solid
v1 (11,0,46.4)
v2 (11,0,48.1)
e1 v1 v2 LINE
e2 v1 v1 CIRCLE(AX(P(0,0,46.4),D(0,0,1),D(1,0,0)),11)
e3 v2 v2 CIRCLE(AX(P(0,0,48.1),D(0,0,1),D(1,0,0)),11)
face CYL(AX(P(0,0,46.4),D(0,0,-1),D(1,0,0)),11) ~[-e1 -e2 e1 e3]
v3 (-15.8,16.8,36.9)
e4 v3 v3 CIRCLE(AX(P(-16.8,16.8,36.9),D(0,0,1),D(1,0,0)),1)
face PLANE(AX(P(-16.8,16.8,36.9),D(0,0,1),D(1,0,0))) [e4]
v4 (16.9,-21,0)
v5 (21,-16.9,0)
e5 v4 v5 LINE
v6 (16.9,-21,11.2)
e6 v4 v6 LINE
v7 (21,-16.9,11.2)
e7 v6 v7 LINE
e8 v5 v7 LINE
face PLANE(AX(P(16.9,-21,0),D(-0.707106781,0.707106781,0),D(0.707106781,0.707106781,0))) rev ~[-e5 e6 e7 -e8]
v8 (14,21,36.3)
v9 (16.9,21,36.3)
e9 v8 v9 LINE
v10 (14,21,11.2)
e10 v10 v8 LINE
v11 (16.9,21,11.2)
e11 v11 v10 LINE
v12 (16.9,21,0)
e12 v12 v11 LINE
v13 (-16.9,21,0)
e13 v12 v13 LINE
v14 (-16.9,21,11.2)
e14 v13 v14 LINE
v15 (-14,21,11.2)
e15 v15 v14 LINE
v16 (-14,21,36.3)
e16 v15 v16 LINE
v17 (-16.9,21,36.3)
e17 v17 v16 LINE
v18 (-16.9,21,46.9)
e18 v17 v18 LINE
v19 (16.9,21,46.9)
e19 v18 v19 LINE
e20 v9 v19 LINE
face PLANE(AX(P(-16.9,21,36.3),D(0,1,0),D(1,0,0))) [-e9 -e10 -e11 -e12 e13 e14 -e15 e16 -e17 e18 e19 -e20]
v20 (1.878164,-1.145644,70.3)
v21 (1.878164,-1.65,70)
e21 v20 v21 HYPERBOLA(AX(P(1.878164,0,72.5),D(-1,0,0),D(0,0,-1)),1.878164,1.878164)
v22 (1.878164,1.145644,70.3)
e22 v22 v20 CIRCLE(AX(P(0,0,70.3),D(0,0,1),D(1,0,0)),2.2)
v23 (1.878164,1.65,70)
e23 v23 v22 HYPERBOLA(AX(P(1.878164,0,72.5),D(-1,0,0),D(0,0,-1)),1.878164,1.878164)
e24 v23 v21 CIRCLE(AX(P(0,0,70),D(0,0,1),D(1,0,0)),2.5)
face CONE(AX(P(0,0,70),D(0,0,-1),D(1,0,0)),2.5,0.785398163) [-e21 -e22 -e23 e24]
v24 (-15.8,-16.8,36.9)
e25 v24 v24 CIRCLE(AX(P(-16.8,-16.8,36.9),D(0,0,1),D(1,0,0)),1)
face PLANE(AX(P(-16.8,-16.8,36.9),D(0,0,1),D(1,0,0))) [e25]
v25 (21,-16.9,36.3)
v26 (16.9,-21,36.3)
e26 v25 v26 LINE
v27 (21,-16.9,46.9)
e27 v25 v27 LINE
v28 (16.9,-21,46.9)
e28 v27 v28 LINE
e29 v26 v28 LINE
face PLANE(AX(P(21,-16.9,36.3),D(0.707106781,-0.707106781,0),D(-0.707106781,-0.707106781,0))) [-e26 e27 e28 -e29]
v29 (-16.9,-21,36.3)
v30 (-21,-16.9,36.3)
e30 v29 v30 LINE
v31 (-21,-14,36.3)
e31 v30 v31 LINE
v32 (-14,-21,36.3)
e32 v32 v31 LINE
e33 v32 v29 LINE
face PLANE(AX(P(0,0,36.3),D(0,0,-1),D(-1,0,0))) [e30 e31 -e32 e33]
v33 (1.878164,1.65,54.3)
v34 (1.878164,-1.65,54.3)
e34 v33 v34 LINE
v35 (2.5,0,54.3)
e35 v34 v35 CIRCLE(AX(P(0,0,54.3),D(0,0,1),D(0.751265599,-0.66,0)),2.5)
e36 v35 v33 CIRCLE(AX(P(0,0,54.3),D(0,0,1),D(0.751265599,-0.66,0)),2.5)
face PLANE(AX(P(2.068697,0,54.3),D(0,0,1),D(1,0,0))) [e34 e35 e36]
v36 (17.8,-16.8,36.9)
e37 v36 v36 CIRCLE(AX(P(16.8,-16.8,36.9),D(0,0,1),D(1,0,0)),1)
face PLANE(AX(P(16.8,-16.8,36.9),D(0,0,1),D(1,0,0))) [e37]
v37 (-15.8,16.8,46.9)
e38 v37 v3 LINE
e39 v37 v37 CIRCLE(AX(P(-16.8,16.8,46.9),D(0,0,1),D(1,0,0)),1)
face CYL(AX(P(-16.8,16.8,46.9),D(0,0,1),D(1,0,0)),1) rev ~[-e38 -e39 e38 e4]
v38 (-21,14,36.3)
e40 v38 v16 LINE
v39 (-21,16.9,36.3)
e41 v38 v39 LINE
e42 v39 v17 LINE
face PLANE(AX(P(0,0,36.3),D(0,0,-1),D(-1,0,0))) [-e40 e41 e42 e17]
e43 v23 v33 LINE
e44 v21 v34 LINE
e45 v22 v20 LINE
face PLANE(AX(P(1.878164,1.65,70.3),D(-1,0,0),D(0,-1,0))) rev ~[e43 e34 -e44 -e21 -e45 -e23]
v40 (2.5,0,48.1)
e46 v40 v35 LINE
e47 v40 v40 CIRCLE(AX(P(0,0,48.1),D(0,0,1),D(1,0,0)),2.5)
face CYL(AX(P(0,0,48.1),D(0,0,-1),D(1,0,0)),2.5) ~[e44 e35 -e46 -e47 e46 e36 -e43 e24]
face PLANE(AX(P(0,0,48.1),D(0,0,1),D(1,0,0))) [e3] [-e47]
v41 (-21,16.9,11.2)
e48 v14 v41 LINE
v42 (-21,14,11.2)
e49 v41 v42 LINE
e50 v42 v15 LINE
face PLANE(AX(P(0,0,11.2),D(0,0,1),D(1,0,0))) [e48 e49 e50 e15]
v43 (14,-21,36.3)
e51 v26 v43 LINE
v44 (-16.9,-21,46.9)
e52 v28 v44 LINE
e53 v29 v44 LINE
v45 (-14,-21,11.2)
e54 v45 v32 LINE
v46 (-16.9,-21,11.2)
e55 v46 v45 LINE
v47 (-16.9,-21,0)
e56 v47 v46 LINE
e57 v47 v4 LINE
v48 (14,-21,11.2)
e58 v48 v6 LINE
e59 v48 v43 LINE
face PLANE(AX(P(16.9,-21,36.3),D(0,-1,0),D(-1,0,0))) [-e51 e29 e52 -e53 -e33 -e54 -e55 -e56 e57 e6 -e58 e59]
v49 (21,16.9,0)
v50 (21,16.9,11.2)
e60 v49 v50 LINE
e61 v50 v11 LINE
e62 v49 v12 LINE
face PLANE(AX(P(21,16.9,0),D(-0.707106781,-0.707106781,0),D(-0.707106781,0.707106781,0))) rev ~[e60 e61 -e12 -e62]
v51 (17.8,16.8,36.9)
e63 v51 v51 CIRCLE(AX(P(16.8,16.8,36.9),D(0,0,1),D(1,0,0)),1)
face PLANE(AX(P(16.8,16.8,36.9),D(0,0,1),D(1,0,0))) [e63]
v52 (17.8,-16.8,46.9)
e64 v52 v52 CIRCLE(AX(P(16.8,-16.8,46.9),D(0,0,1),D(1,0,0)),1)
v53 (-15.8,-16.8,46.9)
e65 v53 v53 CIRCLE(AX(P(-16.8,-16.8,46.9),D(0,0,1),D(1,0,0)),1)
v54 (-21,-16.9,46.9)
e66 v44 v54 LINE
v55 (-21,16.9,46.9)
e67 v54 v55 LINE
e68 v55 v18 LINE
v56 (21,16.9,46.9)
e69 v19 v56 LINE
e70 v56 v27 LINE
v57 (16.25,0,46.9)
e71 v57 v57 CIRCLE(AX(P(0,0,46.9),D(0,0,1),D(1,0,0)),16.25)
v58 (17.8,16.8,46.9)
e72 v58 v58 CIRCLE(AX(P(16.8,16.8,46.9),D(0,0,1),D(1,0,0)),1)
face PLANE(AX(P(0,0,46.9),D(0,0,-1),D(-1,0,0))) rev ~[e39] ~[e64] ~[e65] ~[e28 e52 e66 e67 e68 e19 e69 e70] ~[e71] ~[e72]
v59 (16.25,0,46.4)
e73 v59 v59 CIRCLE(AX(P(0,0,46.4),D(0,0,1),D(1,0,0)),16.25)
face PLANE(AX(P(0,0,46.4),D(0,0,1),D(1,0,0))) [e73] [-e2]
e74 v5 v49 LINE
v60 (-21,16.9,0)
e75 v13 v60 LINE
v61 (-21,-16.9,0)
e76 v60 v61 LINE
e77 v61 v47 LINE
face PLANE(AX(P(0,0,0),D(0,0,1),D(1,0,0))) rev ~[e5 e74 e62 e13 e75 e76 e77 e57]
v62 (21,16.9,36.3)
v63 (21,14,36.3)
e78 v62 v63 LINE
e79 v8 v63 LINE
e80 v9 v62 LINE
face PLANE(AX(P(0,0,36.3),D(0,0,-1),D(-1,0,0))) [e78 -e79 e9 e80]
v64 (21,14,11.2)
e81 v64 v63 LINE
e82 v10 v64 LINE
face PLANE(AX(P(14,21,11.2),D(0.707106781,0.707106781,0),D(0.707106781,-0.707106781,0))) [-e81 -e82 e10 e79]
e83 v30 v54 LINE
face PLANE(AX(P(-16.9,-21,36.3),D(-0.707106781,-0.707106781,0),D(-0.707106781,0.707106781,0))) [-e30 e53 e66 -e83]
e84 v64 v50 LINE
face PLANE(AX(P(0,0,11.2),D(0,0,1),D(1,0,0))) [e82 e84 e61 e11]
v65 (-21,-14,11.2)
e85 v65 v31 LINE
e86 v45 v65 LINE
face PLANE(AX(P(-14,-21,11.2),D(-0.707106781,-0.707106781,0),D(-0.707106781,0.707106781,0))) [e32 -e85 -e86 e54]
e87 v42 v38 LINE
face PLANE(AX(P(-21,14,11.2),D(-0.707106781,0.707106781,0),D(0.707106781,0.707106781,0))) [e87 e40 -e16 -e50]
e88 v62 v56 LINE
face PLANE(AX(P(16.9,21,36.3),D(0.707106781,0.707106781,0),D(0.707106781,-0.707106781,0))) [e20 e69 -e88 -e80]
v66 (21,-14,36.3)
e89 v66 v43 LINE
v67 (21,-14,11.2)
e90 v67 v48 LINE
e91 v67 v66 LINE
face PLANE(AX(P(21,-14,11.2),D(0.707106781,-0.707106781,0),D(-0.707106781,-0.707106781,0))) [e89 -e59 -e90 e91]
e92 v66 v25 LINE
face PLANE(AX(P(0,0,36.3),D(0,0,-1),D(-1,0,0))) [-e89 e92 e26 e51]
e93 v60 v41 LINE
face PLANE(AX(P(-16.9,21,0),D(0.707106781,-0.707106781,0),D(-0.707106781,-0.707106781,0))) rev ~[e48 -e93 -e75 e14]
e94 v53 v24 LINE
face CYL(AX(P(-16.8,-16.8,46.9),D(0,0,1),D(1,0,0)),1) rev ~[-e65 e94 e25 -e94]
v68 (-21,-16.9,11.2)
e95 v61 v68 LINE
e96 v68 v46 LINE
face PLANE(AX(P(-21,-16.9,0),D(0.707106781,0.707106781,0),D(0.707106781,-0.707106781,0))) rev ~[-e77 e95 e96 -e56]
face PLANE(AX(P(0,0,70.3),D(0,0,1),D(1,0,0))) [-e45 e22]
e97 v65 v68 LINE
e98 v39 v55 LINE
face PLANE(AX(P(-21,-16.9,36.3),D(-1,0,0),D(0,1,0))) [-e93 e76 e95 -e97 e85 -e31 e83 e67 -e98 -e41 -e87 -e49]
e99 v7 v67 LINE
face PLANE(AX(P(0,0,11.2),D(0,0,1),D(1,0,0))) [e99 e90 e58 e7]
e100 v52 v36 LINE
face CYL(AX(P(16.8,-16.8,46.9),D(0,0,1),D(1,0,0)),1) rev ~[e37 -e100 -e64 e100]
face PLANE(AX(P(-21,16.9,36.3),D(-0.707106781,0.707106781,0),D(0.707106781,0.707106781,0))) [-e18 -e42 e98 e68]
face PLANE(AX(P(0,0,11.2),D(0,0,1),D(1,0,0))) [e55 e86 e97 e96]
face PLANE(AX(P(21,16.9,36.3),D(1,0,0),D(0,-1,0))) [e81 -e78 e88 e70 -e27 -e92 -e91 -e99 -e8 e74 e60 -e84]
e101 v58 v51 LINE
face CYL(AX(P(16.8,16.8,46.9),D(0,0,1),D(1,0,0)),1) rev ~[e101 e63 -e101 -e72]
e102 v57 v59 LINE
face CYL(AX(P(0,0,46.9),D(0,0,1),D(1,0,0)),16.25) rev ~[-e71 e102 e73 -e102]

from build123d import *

# Parameters (mm, degrees)
BOSS_EXTRU_1_DEPTH      = 11.2
BOSS_EXTRU_2_DEPTH      = 25.1
BOSS_EXTRU_3_DEPTH      = 10.6
ESQUISSE4_R             = 16.25
ENL_V_MAT_EXTRU_1_DEPTH = 0.5
ESQUISSE5_R             = 11
BOSS_EXTRU_4_DEPTH      = 1.7
ESQUISSE6_R             = 2.5
BOSS_EXTRU_5_DEPTH      = 22.2
CHANFREIN1_SIZE         = 0.3
ENL_V_MAT_EXTRU_2_DEPTH = 16
ESQUISSE8_R             = 1
ENL_V_MAT_EXTRU_3_DEPTH = 10


with BuildPart() as part:
    # Esquisse1 → Boss.-Extru.1 (new body)
    with BuildSketch(Plane.XY):
        Polygon((21, -16.9), (21, 16.9), (16.9, 21), (-16.9, 21), (-21, 16.9), (-21, -16.9), (-16.9, -21), (16.9, -21), align=None)
    extrude(amount=BOSS_EXTRU_1_DEPTH)

    # Esquisse2 → Boss.-Extru.2 (add)
    with BuildSketch(Plane.XY.offset(11.2)):
        Polygon((14, 21), (21, 14), (21, -14), (14, -21), (-14, -21), (-21, -14), (-21, 14), (-14, 21), align=None)
    extrude(amount=BOSS_EXTRU_2_DEPTH)

    # Esquisse3 → Boss.-Extru.3 (add)
    with BuildSketch(Plane.XY.offset(36.3)):
        Polygon((16.9, 21), (21, 16.9), (21, -16.9), (16.9, -21), (-16.9, -21), (-21, -16.9), (-21, 16.9), (-16.9, 21), align=None)
    extrude(amount=BOSS_EXTRU_3_DEPTH)

    # Esquisse4 → Enlèv. mat.-Extru.1 (cut)
    with BuildSketch(Plane.XY.offset(46.9)):
        Circle(ESQUISSE4_R)
    extrude(amount=-ENL_V_MAT_EXTRU_1_DEPTH, mode=Mode.SUBTRACT)

    # Esquisse5 → Boss.-Extru.4 (add)
    with BuildSketch(Plane.XY.offset(46.4)):
        Circle(ESQUISSE5_R)
    extrude(amount=BOSS_EXTRU_4_DEPTH)

    # Esquisse6 → Boss.-Extru.5 (add)
    with BuildSketch(Plane.XY.offset(48.1)):
        Circle(ESQUISSE6_R)
    extrude(amount=BOSS_EXTRU_5_DEPTH)

    # Chanfrein1
    chanfrein1_edges = [part.edges().sort_by_distance(p)[0] for p in [
        (-2.5, 0, 70.3),
    ]]
    chamfer(chanfrein1_edges, length=CHANFREIN1_SIZE)

    # Esquisse7 → Enlèv. mat.-Extru.2 (cut)
    with BuildSketch(Plane.XY.offset(70.3)):
        with BuildLine():
            Line((1.878163997, 1.65), (1.878163997, -1.65))
            ThreePointArc((1.878163997, -1.65), (2.5, 0), (1.878163997, 1.65))
        make_face()
    extrude(amount=-ENL_V_MAT_EXTRU_2_DEPTH, mode=Mode.SUBTRACT)

    # Esquisse8 → Enlèv. mat.-Extru.3 (cut)
    with BuildSketch(Plane.XY.offset(46.9)):
        with Locations((-16.8, 16.8)):
            Circle(ESQUISSE8_R)
        with Locations((-16.8, -16.8)):
            Circle(ESQUISSE8_R)
        with Locations((16.8, -16.8)):
            Circle(ESQUISSE8_R)
        with Locations((16.8, 16.8)):
            Circle(ESQUISSE8_R)
    extrude(amount=-ENL_V_MAT_EXTRU_3_DEPTH, mode=Mode.SUBTRACT)


solid = part.part
